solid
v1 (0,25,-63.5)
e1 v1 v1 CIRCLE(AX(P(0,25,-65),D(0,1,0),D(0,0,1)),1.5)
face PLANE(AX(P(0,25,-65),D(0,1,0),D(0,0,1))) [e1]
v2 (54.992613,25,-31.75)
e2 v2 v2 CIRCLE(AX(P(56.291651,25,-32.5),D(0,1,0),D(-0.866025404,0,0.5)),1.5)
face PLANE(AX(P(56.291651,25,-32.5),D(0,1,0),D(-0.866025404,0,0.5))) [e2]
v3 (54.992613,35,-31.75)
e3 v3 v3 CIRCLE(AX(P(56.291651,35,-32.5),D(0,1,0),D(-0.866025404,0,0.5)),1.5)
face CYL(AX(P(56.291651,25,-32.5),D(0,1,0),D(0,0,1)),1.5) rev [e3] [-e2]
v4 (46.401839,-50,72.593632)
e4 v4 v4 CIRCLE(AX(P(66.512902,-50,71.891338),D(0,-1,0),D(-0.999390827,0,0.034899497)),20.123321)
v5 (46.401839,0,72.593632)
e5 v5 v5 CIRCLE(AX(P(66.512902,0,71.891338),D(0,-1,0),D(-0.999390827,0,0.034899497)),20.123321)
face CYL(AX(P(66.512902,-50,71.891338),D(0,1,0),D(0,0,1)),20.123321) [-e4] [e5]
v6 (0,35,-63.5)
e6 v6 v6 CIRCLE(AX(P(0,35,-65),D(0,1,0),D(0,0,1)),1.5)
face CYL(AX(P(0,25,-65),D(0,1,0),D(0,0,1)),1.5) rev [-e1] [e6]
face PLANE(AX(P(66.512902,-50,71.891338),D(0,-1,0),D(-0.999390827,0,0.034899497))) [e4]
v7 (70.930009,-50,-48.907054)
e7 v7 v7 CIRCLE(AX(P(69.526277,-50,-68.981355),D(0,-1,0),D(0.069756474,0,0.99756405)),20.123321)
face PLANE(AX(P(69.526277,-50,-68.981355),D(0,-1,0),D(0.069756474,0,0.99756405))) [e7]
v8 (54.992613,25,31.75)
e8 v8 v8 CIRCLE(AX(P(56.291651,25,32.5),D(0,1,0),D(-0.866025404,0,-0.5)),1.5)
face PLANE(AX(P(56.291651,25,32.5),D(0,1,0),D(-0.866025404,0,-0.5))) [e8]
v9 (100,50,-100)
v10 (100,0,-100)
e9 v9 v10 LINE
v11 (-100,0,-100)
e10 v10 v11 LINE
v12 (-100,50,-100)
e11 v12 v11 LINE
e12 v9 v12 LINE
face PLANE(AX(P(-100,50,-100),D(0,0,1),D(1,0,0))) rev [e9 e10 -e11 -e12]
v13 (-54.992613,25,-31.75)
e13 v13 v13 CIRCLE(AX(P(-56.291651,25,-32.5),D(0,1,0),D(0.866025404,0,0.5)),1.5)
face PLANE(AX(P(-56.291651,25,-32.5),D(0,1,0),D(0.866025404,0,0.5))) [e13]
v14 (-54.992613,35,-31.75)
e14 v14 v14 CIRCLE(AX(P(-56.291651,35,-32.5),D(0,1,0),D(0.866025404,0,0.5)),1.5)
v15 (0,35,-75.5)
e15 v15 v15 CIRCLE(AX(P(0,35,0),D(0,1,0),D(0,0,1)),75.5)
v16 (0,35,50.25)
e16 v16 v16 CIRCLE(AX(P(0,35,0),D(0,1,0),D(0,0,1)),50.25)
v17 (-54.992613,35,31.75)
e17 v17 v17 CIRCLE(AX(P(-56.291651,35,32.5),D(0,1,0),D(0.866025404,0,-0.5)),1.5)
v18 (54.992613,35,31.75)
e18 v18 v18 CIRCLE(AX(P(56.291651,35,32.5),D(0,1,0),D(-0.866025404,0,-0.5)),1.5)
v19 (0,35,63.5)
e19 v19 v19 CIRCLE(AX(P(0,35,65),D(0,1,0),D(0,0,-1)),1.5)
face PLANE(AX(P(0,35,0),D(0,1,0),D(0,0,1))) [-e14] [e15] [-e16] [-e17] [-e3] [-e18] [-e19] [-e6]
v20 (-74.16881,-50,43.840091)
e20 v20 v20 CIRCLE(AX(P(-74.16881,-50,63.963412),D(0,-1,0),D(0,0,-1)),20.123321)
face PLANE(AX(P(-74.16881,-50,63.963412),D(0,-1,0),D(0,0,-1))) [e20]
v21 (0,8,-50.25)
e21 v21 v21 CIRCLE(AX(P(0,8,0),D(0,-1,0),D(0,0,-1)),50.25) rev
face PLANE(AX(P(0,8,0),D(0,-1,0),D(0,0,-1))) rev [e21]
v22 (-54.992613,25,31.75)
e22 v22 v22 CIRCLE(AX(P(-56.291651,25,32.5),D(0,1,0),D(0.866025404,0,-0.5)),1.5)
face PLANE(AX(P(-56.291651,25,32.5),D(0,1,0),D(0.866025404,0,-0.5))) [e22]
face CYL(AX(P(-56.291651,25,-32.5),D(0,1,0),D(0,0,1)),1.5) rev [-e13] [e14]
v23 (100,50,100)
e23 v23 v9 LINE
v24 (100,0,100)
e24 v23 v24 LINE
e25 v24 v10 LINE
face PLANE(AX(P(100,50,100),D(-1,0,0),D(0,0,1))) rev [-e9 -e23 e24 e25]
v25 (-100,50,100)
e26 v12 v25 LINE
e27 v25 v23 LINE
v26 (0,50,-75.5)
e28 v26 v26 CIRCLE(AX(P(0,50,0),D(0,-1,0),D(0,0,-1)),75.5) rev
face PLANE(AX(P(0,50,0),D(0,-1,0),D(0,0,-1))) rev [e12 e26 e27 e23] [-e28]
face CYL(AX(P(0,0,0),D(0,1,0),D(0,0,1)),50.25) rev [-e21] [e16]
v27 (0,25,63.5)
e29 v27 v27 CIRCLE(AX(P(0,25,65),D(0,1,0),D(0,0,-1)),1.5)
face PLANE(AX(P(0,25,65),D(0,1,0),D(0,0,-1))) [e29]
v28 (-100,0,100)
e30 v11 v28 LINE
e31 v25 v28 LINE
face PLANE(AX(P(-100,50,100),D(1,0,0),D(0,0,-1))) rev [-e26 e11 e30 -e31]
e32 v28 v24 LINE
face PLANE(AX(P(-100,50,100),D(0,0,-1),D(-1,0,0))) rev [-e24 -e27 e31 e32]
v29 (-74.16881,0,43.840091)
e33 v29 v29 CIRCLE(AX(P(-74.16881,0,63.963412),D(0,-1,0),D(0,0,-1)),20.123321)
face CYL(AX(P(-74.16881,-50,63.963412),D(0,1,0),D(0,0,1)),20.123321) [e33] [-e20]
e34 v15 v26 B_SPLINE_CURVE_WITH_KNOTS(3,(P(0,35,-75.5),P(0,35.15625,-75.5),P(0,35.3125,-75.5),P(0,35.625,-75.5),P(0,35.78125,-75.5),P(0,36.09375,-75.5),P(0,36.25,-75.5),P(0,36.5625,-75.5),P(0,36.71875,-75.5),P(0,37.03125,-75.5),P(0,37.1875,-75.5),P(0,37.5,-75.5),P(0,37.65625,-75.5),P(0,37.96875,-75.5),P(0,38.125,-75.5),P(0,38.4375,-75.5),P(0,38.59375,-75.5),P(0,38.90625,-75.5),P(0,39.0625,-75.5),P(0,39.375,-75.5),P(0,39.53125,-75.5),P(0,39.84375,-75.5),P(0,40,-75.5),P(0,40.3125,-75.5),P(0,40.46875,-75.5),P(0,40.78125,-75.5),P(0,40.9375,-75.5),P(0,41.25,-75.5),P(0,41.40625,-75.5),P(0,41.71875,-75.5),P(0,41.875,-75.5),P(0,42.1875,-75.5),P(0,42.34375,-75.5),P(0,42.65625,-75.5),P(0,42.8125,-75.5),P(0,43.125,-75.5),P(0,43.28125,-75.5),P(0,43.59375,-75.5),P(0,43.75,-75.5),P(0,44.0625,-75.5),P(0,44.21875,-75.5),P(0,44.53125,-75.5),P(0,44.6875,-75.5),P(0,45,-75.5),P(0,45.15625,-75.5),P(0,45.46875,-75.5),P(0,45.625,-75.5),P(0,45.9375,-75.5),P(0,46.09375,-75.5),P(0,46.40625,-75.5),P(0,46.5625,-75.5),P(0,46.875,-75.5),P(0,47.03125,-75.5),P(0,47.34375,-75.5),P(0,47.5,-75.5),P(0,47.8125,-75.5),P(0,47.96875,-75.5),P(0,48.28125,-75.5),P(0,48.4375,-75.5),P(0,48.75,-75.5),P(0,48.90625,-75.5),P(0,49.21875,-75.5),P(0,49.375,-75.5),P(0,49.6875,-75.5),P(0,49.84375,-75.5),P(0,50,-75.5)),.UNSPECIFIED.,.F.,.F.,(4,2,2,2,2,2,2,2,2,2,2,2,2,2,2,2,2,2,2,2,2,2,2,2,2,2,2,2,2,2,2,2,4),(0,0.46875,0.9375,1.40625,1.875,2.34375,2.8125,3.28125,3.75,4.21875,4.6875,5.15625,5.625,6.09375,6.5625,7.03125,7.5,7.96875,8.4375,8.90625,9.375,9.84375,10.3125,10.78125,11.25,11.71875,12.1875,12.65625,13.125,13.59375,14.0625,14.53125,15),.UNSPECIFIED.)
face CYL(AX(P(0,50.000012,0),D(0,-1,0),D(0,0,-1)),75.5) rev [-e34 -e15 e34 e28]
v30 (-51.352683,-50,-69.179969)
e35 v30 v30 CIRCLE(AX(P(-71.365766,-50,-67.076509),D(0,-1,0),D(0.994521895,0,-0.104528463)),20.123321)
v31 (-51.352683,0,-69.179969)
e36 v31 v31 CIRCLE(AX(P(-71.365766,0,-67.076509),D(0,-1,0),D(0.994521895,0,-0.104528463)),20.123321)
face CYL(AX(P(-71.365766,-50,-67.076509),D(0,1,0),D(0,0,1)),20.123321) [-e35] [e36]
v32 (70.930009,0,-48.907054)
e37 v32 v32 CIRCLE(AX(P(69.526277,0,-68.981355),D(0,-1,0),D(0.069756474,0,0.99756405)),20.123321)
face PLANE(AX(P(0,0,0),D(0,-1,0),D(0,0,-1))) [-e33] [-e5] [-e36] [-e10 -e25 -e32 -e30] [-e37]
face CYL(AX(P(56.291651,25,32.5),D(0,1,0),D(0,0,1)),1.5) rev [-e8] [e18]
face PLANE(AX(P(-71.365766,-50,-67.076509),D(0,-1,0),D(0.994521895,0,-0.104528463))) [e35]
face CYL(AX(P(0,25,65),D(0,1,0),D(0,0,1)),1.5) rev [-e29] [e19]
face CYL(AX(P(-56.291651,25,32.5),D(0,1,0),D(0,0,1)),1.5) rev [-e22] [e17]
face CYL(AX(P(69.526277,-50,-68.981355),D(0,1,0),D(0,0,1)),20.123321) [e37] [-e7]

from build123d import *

# Parameters (mm, degrees)
SKETCH2_W               = 200
SKETCH2_H               = 200
BOSS_EXTRUDE1_DEPTH     = 50
CUT_EXTRUDE1_DEPTH      = 151
CUT_EXTRUDE1_DEPTH_BACK = 15
SKETCH5_R               = 75.5
CUT_EXTRUDE2_DEPTH      = 146.688022843
CUT_EXTRUDE2_DEPTH_BACK = 146.688022843
SKETCH7_R               = 50.25
SKETCH12_R              = 20.123320675
BOSS_EXTRUDE2_DEPTH     = 50
CIRPATTERN1_COUNT       = 4
CIRPATTERN1_ANGLE       = 276
SKETCH13_R              = 1.5
CUT_EXTRUDE3_DEPTH      = 10
CIRPATTERN2_COUNT       = 6
BOSS_EXTRUDE3_START     = -8
SKETCH14_R              = 50.25
BOSS_EXTRUDE3_DEPTH     = 8


with BuildPart() as part:
    # Sketch2 → Boss-Extrude1 (new body)
    with BuildSketch(Plane(origin=(0, 0, 0), x_dir=(1, 0, 0), z_dir=(0, 1, 0))):
        Rectangle(SKETCH2_W, SKETCH2_H)
    extrude(amount=BOSS_EXTRUDE1_DEPTH)

    # Sketch5 → Cut-Extrude1 (cut, two sides: drawn at the far end of the back side and taken through both)
    with BuildSketch(Plane(origin=(0, 50, 0), x_dir=(1, 0, 0), z_dir=(0, 1, 0)).offset(-CUT_EXTRUDE1_DEPTH_BACK)):
        with Locations(Location((0, 0, 0), (0, 0, 90))):
            Circle(SKETCH5_R)
    extrude(amount=CUT_EXTRUDE1_DEPTH + CUT_EXTRUDE1_DEPTH_BACK, mode=Mode.SUBTRACT)

    # Sketch7 → Cut-Extrude2 (cut, two sides: drawn at the far end of the back side and taken through both)
    with BuildSketch(Plane(origin=(0, 35, 0), x_dir=(1, 0, 0), z_dir=(0, 1, 0)).offset(-CUT_EXTRUDE2_DEPTH_BACK)):
        with Locations(Location((0, 0, 0), (0, 0, 270))):
            Circle(SKETCH7_R)
    extrude(amount=CUT_EXTRUDE2_DEPTH + CUT_EXTRUDE2_DEPTH_BACK, mode=Mode.SUBTRACT)

    # Sketch12 → Boss-Extrude2 (add)
    with BuildSketch(Plane.XZ):
        with Locations(Location((-74.168810486, 63.963412144, 0), (0, 0, 270))):
            Circle(SKETCH12_R)
    boss_extrude2 = extrude(amount=BOSS_EXTRUDE2_DEPTH)

    # CirPattern1: Boss-Extrude2 ×4 about axis
    cirpattern1_axis = Axis((0, 0, 0), (0, 1, 0))
    for i in range(1, CIRPATTERN1_COUNT):
        add(boss_extrude2.rotate(cirpattern1_axis, i * CIRPATTERN1_ANGLE / (CIRPATTERN1_COUNT - 1)))

    # Sketch13 → Cut-Extrude3 (cut)
    with BuildSketch(Plane(origin=(0, 35, 0), x_dir=(1, 0, 0), z_dir=(0, 1, 0))):
        with Locations(Location((0, 65, 0), (0, 0, 270))):
            Circle(SKETCH13_R)
    cut_extrude3 = extrude(amount=-CUT_EXTRUDE3_DEPTH, mode=Mode.SUBTRACT)

    # CirPattern2: Cut-Extrude3 ×6 about axis
    cirpattern2_axis = Axis((0, 0, 0), (0, 1, 0))
    for i in range(1, CIRPATTERN2_COUNT):
        add(cut_extrude3.rotate(cirpattern2_axis, i * 360 / CIRPATTERN2_COUNT), mode=Mode.SUBTRACT)

    # Sketch14 → Boss-Extrude3 (add)
    with BuildSketch(Plane.XZ.offset(BOSS_EXTRUDE3_START)):
        with Locations(Location((0, 0, 0), (0, 0, 90))):
            Circle(SKETCH14_R)
    extrude(amount=BOSS_EXTRUDE3_DEPTH)


solid = part.part
